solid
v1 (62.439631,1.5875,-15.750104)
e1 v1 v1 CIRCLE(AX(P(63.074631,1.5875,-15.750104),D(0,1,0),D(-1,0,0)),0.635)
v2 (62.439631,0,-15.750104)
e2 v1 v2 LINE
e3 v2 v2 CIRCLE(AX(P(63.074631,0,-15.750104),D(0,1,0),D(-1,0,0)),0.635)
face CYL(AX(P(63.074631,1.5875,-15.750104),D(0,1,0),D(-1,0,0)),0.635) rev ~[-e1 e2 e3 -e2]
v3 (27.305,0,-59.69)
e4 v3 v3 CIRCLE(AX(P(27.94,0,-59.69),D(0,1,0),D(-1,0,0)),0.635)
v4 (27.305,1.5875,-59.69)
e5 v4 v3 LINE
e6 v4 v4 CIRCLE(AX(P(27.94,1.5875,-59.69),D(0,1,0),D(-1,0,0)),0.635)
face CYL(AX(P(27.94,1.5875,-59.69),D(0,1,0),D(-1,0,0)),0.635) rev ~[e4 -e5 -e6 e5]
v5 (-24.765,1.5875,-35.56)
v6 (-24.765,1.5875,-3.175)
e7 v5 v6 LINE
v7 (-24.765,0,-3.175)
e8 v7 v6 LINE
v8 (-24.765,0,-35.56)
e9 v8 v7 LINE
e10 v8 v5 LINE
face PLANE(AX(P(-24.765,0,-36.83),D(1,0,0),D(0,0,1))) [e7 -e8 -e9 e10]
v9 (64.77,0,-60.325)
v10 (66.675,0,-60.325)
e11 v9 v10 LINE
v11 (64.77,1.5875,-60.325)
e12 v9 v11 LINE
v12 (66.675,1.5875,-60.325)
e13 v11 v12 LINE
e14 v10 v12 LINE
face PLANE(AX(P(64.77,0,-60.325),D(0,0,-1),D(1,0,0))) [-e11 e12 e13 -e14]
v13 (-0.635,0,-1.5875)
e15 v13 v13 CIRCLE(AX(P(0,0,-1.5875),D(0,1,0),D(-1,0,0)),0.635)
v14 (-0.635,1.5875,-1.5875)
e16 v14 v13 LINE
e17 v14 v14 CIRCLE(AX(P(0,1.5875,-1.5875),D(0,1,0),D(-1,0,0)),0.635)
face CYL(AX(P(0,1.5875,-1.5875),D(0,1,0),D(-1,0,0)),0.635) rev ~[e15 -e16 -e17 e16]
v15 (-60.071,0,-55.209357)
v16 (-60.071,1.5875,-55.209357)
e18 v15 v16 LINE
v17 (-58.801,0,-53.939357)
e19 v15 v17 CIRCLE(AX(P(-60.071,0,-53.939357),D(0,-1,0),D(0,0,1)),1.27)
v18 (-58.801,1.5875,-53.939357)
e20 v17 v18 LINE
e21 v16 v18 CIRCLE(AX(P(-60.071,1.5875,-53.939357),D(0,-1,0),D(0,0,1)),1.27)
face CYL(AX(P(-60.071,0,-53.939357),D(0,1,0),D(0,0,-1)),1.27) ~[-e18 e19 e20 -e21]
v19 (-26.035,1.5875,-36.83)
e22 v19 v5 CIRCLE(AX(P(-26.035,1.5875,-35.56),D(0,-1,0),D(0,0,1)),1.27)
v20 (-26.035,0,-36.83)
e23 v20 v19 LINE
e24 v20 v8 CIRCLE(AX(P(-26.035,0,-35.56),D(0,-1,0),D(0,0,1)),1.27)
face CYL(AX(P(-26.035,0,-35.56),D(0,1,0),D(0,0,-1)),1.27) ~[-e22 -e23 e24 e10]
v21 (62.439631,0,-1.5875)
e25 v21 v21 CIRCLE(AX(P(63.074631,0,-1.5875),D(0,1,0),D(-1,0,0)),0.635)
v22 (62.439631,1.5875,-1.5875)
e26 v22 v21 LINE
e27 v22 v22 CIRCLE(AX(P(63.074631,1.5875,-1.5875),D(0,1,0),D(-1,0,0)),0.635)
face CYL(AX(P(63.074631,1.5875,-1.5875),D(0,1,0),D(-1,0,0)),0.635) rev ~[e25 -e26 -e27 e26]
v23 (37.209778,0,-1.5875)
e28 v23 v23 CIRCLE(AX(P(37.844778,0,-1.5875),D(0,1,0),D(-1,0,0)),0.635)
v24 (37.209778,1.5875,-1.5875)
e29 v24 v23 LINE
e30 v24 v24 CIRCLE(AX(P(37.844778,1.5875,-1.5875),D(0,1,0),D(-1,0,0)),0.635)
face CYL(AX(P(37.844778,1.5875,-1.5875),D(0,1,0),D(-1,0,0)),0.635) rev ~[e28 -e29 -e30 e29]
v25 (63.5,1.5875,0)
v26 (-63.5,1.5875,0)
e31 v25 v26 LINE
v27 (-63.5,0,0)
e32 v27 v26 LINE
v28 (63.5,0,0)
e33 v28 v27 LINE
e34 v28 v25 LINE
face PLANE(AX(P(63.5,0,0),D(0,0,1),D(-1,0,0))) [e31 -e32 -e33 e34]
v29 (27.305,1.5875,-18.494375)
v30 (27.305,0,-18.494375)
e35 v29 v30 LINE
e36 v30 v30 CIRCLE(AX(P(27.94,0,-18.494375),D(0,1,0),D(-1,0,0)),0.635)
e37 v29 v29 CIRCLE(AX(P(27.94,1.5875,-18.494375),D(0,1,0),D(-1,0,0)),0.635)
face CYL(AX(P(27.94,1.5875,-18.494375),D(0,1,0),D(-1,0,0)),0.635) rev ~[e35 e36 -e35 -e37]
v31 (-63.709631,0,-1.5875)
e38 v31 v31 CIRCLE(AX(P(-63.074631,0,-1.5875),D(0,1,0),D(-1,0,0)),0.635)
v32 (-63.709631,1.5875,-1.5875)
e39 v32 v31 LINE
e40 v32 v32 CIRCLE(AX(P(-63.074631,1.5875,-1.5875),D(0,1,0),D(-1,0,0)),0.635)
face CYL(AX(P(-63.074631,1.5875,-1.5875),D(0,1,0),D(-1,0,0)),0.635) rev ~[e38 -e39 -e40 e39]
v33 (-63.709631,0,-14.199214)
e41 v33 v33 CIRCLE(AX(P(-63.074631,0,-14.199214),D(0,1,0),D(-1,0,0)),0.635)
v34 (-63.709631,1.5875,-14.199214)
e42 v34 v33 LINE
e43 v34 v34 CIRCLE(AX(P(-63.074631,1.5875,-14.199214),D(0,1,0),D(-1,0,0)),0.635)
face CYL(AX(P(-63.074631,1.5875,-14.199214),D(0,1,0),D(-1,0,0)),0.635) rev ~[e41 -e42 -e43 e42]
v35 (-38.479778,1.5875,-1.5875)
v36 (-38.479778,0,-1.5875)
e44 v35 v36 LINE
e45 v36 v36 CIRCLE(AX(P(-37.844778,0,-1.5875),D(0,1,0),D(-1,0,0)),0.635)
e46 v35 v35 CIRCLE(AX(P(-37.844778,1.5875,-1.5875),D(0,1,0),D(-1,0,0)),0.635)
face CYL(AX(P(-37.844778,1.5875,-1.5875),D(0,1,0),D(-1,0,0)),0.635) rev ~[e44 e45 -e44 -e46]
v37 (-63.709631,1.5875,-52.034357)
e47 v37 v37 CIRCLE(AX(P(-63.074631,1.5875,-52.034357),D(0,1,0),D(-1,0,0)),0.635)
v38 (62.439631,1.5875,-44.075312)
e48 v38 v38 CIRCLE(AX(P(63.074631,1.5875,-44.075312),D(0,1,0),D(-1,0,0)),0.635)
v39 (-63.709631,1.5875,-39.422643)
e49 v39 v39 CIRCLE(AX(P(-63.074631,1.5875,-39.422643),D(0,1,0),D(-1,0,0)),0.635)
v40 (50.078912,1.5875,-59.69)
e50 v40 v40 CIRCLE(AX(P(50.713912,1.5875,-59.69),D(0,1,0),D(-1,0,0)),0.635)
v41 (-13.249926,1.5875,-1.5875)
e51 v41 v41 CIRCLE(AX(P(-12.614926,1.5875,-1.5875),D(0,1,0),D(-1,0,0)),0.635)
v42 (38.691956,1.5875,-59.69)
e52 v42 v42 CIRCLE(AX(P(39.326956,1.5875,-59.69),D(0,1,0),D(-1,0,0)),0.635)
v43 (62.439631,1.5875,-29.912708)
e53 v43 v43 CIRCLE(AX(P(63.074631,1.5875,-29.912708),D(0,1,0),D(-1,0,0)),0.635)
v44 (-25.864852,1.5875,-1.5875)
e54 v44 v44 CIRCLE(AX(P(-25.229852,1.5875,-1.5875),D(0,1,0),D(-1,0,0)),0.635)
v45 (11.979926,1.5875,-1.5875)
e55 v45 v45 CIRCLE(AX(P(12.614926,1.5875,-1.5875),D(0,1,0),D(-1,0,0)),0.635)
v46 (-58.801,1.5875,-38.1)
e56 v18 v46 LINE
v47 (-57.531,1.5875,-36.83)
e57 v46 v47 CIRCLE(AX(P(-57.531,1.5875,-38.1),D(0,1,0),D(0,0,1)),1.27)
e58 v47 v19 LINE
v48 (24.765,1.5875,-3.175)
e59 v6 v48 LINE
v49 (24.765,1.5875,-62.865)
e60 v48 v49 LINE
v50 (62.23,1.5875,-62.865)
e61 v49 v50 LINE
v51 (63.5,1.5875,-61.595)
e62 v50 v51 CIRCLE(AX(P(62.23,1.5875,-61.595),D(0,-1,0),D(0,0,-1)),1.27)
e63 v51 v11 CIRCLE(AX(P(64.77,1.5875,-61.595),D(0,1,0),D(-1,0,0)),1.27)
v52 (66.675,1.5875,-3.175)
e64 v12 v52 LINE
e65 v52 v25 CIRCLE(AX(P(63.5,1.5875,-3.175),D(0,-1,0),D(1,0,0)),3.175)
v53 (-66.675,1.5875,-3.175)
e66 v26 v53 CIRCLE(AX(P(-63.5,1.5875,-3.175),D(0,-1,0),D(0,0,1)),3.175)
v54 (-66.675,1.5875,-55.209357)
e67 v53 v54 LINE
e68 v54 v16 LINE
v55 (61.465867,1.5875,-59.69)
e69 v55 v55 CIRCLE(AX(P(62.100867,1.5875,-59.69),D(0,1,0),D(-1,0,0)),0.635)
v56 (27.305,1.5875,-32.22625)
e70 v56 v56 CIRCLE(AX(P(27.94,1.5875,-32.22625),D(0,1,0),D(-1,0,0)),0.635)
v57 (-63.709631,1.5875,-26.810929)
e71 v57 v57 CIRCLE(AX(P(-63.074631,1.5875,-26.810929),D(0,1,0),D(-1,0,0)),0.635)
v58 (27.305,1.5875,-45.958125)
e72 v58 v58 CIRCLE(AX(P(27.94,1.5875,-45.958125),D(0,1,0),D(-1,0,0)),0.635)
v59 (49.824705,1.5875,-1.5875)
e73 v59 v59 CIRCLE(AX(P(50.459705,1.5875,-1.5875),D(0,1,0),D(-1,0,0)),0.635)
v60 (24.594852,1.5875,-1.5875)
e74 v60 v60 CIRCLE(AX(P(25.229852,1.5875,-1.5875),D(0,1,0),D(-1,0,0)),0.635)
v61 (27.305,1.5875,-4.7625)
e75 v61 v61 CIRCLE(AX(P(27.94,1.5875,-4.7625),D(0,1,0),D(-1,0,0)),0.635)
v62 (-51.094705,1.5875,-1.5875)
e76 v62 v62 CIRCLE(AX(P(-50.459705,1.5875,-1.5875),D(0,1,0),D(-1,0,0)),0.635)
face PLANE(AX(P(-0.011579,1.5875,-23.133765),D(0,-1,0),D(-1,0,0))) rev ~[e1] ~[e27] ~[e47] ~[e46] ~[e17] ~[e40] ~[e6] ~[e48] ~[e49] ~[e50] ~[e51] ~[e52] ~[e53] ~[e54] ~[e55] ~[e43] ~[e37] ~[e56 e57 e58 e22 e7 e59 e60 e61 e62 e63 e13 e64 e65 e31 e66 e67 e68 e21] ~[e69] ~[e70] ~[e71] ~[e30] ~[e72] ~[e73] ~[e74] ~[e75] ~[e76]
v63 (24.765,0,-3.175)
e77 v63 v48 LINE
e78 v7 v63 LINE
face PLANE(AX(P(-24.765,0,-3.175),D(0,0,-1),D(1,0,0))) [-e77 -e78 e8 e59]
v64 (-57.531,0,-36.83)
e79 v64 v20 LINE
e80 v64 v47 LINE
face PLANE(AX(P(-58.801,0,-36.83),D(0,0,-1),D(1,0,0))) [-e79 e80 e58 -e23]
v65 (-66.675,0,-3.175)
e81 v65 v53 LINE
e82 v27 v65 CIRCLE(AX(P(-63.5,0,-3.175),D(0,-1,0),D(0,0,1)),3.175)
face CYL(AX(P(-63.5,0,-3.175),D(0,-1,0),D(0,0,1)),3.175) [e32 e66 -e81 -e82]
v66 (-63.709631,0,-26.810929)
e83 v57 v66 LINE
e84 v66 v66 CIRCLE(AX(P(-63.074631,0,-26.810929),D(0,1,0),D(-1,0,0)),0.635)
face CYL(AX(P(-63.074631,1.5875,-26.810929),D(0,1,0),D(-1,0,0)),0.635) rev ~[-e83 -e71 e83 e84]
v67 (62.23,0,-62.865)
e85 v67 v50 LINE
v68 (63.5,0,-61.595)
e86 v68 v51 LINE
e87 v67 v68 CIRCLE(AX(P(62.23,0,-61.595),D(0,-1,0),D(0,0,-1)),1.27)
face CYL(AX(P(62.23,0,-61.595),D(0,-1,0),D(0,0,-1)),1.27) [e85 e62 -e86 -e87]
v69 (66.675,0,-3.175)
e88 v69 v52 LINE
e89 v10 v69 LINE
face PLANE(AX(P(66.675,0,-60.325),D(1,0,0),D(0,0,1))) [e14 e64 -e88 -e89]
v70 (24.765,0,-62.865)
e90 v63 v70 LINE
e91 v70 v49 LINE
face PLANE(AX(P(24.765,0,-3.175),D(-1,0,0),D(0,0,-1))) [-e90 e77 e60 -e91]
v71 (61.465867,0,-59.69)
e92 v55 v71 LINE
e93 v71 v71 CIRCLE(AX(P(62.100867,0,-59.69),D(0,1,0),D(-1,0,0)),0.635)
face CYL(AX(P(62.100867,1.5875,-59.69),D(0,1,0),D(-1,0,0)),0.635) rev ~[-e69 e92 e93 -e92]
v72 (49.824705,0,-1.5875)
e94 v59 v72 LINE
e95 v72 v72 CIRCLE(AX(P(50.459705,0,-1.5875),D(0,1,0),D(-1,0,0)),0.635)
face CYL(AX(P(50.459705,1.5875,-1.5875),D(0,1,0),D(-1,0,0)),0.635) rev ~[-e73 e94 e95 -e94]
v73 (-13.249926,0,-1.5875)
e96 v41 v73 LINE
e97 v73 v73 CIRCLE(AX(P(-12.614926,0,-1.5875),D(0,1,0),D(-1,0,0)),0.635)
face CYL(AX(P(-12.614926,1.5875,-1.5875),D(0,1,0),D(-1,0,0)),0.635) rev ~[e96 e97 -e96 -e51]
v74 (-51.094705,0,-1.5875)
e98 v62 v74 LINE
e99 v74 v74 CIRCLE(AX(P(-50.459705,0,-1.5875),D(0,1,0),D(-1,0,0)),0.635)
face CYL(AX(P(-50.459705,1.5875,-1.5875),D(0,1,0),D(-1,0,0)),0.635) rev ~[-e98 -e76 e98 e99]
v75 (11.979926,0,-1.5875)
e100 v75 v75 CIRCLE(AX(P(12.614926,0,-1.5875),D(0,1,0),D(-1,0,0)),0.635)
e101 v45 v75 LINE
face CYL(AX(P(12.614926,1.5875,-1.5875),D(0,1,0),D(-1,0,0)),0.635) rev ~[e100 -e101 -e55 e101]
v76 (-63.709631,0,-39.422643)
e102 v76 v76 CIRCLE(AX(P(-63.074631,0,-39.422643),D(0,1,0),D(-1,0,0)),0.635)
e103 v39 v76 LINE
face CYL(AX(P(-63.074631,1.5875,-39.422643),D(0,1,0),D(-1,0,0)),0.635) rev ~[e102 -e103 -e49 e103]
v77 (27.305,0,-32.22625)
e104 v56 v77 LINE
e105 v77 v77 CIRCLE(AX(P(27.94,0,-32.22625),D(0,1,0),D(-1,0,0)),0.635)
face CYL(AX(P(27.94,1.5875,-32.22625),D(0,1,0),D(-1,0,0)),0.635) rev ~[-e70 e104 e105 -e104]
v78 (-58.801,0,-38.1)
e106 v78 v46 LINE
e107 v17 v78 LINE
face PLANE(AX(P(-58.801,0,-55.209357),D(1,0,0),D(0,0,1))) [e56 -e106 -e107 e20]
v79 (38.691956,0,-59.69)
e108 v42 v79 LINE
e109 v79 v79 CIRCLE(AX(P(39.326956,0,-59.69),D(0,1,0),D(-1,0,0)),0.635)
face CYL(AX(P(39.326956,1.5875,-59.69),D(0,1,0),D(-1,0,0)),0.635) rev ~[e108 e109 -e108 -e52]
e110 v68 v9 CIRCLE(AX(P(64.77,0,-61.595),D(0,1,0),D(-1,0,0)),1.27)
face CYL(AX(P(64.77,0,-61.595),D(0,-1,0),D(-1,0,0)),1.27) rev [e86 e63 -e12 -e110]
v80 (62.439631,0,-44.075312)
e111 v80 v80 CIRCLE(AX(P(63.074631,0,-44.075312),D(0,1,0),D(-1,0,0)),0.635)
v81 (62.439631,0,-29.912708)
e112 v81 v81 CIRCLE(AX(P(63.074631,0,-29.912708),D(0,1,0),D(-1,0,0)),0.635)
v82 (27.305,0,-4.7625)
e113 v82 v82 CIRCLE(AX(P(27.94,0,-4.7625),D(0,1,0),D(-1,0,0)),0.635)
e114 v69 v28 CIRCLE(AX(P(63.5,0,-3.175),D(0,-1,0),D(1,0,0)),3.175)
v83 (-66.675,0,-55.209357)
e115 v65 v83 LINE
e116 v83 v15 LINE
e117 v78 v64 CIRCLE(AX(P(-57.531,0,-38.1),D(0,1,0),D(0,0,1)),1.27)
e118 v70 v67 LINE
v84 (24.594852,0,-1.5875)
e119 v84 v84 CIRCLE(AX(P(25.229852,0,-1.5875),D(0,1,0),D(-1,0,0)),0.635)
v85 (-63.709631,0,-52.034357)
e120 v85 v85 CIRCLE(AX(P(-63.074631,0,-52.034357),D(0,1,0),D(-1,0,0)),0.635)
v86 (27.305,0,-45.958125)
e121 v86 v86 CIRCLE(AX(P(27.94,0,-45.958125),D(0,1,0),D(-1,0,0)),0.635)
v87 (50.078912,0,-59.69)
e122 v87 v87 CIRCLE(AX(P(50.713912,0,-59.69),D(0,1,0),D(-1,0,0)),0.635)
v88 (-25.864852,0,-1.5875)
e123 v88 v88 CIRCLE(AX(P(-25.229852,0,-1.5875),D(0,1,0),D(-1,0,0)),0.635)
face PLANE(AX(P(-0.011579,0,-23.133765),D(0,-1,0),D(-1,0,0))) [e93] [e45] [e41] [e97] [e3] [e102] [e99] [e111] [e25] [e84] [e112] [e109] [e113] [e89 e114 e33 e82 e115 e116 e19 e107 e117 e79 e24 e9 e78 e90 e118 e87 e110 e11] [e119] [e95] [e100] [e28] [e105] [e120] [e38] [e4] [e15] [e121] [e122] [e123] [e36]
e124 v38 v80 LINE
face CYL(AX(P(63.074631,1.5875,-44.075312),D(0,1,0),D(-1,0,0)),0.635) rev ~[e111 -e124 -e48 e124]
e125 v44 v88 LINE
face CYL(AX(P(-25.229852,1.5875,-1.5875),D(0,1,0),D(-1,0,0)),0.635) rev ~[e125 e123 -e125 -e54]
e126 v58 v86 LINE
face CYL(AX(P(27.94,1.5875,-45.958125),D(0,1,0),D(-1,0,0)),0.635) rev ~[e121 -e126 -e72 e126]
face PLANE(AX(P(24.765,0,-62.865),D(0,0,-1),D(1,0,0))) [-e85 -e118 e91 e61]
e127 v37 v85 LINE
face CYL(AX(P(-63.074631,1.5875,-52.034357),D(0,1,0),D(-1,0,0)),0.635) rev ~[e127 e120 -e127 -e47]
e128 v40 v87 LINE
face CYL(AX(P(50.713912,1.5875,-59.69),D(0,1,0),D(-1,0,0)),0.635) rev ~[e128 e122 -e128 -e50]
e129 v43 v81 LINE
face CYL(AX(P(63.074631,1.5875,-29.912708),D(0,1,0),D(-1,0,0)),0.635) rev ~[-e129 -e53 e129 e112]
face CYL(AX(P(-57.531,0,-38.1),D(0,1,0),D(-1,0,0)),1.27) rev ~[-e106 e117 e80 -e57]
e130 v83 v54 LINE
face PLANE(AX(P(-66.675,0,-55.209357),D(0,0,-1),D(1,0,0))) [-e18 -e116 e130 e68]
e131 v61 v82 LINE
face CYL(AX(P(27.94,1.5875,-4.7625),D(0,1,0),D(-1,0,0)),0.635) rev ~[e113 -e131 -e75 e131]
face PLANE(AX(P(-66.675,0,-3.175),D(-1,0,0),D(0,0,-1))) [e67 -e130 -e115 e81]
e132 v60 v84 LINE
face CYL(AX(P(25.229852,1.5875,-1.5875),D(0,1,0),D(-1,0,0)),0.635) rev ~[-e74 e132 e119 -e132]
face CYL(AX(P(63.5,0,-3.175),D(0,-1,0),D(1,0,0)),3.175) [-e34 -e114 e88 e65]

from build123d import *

# Parameters (mm, degrees)
BOSS_EXTRUDE1_DEPTH     = 1.5875
FILLET1_R               = 1.27
SKETCH2_R               = 0.635
CUT_EXTRUDE1_DEPTH      = 1
CUT_EXTRUDE1_DEPTH_BACK = 2.5875


with BuildPart() as part:
    # Sketch1 → Boss-Extrude1 (new body)
    with BuildSketch(Plane(origin=(0, 0, 0), x_dir=(1, 0, 0), z_dir=(0, 1, 0))):
        with BuildLine():
            Line((-66.675, 3.175), (-66.675, 55.209357386))
            Line((-66.675, 55.209357386), (-58.801, 55.209357386))
            Line((-58.801, 55.209357386), (-58.801, 36.83))
            Line((-58.801, 36.83), (-24.765, 36.83))
            Line((-24.765, 36.83), (-24.765, 3.175))
            Line((-24.765, 3.175), (24.765, 3.175))
            Line((24.765, 3.175), (24.765, 62.865))
            Line((24.765, 62.865), (62.23, 62.865))
            ThreePointArc((62.23, 62.865), (63.128025612, 62.493025612), (63.5, 61.595))
            ThreePointArc((63.5, 61.595), (63.871974388, 60.696974388), (64.77, 60.325))
            Line((64.77, 60.325), (66.675, 60.325))
            Line((66.675, 60.325), (66.675, 3.175))
            ThreePointArc((66.675, 3.175), (65.74506403, 0.92993597), (63.5, 0))
            Line((63.5, 0), (-63.5, 0))
            ThreePointArc((-63.5, 0), (-65.74506403, 0.92993597), (-66.675, 3.175))
        make_face()
    extrude(amount=BOSS_EXTRUDE1_DEPTH)

    # Fillet1
    fillet1_edges = [part.edges().sort_by_distance(p)[0] for p in [
        (-58.801, 0.79375, -55.209357386),
        (-58.801, 0.79375, -36.83),
        (-24.765, 0.79375, -36.83),
    ]]
    fillet(fillet1_edges, radius=FILLET1_R)

    # Sketch2 → Cut-Extrude1 (cut, two sides)
    with BuildSketch(Plane(origin=(0, 1.5875, 0), x_dir=(-1, 0, 0), z_dir=(0, 1, 0))) as cut_extrude1_sk:
        with Locations((63.074630657, -1.5875)):
            Circle(SKETCH2_R)
        with Locations((50.459704526, -1.5875)):
            Circle(SKETCH2_R)
        with Locations((37.844778394, -1.5875)):
            Circle(SKETCH2_R)
        with Locations((25.229852263, -1.5875)):
            Circle(SKETCH2_R)
        with Locations((12.614926131, -1.5875)):
            Circle(SKETCH2_R)
        with Locations((0, -1.5875)):
            Circle(SKETCH2_R)
        with Locations((-12.614926131, -1.5875)):
            Circle(SKETCH2_R)
        with Locations((-25.229852263, -1.5875)):
            Circle(SKETCH2_R)
        with Locations((-37.844778394, -1.5875)):
            Circle(SKETCH2_R)
        with Locations((-50.459704526, -1.5875)):
            Circle(SKETCH2_R)
        with Locations((-63.074630657, -1.5875)):
            Circle(SKETCH2_R)
        with Locations((63.074630657, -14.199214347)):
            Circle(SKETCH2_R)
        with Locations((63.074630657, -26.810928693)):
            Circle(SKETCH2_R)
        with Locations((63.074630657, -39.42264304)):
            Circle(SKETCH2_R)
        with Locations((63.074630657, -52.034357386)):
            Circle(SKETCH2_R)
        with Locations((-63.074630657, -15.750103912)):
            Circle(SKETCH2_R)
        with Locations((-63.074630657, -29.912707823)):
            Circle(SKETCH2_R)
        with Locations((-63.074630657, -44.075311735)):
            Circle(SKETCH2_R)
        with Locations((-62.100867444, -59.69)):
            Circle(SKETCH2_R)
        with Locations((-50.713911629, -59.69)):
            Circle(SKETCH2_R)
        with Locations((-39.326955815, -59.69)):
            Circle(SKETCH2_R)
        with Locations((-27.94, -59.69)):
            Circle(SKETCH2_R)
        with Locations((-27.94, -45.958125)):
            Circle(SKETCH2_R)
        with Locations((-27.94, -32.22625)):
            Circle(SKETCH2_R)
        with Locations((-27.94, -18.494375)):
            Circle(SKETCH2_R)
        with Locations((-27.94, -4.7625)):
            Circle(SKETCH2_R)
    extrude(amount=CUT_EXTRUDE1_DEPTH, mode=Mode.SUBTRACT)
    extrude(cut_extrude1_sk.sketch, amount=-CUT_EXTRUDE1_DEPTH_BACK, mode=Mode.SUBTRACT)


solid = part.part
